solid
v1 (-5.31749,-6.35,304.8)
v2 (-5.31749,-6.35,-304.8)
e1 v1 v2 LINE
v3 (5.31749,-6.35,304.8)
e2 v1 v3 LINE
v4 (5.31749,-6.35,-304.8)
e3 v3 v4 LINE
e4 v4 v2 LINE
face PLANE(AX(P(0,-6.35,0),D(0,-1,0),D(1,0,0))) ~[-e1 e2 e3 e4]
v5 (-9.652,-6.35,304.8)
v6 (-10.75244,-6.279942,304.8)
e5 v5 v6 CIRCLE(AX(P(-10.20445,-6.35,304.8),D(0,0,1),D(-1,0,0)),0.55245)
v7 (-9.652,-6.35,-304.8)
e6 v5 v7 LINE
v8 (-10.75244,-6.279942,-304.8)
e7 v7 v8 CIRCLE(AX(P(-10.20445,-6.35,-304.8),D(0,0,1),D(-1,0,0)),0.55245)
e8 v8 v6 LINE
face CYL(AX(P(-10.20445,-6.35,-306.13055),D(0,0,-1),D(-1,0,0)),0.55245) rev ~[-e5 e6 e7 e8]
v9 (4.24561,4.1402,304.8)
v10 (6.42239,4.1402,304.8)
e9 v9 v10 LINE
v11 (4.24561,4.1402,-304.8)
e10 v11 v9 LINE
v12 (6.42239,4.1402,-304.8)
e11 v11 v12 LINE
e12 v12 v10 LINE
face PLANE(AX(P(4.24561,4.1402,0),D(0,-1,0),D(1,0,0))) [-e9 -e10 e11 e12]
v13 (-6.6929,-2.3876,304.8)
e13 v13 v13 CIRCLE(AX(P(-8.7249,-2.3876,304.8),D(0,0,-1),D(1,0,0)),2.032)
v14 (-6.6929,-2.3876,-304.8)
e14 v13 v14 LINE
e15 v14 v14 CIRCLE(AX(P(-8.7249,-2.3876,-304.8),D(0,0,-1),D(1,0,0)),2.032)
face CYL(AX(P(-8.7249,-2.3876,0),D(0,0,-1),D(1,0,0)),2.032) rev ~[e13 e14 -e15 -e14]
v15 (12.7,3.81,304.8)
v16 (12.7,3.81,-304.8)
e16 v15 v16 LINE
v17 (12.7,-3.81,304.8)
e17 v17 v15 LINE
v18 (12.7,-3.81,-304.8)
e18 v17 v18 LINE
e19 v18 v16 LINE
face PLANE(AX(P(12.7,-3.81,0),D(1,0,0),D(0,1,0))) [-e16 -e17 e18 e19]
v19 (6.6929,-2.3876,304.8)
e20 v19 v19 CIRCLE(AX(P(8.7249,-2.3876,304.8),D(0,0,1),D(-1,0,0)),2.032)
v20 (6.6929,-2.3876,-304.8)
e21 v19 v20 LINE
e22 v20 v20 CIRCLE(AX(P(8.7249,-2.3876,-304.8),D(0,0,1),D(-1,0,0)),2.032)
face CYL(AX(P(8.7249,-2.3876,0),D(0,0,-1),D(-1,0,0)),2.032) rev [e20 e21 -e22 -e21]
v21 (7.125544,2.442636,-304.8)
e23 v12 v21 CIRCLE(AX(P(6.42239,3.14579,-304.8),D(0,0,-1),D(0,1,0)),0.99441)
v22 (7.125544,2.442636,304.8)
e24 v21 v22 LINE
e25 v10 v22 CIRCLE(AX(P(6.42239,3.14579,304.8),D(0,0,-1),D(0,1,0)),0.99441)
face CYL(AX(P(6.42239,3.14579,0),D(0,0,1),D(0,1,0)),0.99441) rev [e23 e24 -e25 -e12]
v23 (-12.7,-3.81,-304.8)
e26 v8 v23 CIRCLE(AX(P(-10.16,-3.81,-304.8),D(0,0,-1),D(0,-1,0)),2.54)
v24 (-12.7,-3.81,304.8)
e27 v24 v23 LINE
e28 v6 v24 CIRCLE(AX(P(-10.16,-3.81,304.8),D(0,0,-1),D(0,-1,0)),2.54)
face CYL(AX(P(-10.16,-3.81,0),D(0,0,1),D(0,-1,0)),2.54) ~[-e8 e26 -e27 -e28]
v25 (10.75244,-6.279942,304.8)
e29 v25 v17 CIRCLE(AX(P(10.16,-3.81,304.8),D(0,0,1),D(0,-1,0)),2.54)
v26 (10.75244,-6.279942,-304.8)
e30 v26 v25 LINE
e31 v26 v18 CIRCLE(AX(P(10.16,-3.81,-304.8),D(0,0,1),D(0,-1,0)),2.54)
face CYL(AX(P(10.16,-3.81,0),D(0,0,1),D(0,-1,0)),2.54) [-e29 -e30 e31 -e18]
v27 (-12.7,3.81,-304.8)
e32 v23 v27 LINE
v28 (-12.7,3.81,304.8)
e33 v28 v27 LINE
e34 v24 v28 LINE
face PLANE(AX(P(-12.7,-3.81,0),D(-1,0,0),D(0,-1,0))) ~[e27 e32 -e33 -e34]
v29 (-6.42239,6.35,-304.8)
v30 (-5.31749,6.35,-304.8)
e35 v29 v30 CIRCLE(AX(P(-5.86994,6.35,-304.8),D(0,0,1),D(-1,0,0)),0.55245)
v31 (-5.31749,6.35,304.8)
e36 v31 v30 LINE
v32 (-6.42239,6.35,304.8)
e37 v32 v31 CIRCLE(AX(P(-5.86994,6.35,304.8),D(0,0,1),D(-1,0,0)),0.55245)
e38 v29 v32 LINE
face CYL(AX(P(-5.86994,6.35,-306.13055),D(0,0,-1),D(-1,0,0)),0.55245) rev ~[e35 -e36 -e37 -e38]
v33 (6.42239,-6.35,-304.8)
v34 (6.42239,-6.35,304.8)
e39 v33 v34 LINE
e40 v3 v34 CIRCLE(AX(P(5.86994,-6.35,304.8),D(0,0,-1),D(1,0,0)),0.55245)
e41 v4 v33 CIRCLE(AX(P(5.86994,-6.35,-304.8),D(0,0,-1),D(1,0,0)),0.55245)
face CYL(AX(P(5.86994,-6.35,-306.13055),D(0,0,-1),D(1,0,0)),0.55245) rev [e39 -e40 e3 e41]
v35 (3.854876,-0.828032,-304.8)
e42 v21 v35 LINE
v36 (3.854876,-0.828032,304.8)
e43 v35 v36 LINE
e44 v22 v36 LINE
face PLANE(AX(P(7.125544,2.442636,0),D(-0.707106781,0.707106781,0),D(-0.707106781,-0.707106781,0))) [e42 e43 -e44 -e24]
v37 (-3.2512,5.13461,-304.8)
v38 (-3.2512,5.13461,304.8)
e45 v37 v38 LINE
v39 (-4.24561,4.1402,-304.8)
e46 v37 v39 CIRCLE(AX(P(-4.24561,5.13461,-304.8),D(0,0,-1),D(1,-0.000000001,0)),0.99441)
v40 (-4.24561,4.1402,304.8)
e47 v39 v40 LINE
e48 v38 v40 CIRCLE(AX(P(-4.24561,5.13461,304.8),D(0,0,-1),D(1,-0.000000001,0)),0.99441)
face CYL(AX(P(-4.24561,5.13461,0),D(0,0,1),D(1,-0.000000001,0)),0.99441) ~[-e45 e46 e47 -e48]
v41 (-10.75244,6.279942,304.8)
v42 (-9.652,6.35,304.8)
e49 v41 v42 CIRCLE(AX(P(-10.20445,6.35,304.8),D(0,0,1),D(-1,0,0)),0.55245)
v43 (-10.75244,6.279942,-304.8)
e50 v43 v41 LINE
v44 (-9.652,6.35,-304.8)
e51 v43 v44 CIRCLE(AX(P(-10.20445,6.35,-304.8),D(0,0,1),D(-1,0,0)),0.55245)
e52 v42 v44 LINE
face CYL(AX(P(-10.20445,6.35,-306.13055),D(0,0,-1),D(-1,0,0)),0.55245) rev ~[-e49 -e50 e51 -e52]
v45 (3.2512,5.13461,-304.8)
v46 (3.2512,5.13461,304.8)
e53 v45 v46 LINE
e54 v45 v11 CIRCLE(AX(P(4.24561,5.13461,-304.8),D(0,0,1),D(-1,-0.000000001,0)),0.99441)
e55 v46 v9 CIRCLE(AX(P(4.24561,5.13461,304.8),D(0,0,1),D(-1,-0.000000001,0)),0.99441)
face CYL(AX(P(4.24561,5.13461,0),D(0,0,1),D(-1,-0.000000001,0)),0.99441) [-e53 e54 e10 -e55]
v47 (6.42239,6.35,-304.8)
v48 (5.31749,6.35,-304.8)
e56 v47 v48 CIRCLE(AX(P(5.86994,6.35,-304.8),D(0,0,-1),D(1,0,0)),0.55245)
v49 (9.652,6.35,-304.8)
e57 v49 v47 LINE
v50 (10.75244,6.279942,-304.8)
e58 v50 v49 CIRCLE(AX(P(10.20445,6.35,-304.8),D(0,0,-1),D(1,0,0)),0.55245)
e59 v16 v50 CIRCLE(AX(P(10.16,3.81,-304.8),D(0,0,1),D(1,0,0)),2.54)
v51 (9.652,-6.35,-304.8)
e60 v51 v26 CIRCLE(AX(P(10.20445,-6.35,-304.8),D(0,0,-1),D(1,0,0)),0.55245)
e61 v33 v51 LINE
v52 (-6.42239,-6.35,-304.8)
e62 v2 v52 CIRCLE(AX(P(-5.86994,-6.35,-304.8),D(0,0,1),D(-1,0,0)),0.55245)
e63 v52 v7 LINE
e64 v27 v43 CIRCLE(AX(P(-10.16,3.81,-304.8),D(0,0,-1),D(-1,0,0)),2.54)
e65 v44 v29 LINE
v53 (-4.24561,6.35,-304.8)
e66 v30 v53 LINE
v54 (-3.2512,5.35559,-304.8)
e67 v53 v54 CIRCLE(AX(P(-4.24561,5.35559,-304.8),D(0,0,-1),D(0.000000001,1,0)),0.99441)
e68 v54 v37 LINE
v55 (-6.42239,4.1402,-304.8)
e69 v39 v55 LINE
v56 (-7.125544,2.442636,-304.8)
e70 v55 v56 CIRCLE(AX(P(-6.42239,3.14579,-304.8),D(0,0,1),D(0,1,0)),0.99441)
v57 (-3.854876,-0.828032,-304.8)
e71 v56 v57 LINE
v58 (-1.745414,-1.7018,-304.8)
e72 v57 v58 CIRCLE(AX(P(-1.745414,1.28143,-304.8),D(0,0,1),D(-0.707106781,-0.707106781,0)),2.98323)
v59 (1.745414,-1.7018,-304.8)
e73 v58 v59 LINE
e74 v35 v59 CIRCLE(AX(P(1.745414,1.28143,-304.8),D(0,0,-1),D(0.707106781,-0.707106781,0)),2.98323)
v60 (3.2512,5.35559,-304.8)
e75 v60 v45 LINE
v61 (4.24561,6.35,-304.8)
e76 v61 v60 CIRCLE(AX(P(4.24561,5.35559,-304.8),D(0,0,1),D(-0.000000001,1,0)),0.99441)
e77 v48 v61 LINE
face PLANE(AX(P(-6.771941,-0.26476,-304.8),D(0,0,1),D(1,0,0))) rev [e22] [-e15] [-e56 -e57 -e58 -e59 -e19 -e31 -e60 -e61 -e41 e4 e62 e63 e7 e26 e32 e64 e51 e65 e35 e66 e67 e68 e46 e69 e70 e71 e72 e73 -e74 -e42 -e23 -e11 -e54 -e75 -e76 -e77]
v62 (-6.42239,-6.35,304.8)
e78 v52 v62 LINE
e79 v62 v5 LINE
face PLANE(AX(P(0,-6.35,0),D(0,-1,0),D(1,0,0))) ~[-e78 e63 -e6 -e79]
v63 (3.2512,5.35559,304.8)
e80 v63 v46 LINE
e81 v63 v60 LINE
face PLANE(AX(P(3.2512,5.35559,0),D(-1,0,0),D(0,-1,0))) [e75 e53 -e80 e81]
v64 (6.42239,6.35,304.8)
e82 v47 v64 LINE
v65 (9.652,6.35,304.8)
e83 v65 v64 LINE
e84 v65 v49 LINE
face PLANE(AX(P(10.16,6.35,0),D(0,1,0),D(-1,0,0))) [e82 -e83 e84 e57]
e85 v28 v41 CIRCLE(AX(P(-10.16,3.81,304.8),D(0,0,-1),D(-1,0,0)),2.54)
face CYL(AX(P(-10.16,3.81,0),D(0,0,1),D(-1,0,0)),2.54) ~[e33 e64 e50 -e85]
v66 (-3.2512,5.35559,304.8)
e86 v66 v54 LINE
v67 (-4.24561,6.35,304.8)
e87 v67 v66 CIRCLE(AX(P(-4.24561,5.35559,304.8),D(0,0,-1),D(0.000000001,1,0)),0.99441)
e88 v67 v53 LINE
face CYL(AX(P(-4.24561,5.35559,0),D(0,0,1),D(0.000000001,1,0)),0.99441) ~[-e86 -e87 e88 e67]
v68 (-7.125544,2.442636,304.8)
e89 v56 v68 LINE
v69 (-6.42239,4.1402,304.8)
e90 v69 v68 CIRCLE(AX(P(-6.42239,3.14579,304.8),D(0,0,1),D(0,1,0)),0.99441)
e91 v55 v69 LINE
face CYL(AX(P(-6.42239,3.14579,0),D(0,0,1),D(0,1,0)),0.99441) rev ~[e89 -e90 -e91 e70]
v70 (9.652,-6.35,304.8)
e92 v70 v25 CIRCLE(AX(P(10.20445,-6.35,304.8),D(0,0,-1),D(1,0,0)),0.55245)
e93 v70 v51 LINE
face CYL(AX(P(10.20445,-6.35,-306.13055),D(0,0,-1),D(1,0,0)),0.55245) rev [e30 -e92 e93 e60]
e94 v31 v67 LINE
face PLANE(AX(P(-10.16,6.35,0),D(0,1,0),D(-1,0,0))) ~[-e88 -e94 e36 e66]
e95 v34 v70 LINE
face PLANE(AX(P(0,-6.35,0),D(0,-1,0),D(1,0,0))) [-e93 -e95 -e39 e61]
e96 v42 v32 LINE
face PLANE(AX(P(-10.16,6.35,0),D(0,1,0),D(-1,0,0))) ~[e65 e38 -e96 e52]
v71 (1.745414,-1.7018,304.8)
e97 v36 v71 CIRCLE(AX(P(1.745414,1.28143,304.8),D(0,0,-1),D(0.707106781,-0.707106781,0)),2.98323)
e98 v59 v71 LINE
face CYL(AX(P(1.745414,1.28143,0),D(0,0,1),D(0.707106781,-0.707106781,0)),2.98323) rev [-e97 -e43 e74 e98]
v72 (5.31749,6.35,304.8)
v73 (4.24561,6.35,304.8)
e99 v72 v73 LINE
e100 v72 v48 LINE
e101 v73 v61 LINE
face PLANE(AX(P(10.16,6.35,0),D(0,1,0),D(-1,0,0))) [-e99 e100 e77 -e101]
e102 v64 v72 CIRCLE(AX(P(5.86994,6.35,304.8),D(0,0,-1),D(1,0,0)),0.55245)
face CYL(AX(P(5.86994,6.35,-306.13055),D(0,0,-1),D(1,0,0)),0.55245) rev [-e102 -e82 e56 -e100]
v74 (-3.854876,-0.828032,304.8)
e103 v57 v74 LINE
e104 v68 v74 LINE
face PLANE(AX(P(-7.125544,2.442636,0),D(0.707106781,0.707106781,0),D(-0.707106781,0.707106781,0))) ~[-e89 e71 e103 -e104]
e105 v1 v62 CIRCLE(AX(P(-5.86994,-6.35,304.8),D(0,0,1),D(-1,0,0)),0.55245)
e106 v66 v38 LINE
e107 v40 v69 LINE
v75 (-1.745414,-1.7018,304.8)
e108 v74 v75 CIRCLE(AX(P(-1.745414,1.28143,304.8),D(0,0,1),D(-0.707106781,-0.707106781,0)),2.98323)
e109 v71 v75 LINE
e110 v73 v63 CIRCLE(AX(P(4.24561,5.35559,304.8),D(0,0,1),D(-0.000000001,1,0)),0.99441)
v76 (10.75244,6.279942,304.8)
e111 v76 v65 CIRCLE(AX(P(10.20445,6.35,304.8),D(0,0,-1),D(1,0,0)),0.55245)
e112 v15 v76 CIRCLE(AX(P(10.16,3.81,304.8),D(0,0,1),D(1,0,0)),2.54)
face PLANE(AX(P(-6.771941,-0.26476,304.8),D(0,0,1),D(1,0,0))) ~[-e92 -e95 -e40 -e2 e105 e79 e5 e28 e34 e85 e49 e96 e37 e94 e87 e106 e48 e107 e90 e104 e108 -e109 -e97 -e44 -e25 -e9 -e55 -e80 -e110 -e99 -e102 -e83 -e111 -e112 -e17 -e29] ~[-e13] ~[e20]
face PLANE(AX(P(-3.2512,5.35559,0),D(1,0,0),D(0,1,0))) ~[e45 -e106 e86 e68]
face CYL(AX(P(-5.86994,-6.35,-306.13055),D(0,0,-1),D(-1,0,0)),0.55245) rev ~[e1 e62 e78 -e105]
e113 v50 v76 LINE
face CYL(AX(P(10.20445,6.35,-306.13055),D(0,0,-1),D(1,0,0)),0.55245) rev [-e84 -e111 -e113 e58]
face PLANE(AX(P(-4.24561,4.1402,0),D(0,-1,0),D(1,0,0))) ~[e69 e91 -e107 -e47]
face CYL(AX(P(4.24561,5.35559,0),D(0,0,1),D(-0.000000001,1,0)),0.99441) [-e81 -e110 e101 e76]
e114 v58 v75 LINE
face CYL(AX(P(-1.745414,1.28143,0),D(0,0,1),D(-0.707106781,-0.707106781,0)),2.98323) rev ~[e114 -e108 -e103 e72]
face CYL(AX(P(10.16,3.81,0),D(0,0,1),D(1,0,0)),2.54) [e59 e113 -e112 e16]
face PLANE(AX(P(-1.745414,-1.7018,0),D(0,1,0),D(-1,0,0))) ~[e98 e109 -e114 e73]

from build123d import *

# Parameters (mm, degrees)
SKETCH3_R               = 2.032
BOSS_EXTRUDE1_DEPTH     = 304.8
CUT_EXTRUDE1_DEPTH      = 306.130549929
CUT_EXTRUDE1_DEPTH_BACK = 306.130549929
SKETCH4_R               = 0.55245


with BuildPart() as part:
    # Sketch3 → Boss-Extrude1 (new, symmetric)
    with BuildSketch(Plane.XY):
        with BuildLine():
            Line((3.2512, 5.35559), (3.2512, 5.13461))
            ThreePointArc((3.2512, 5.13461), (3.542455946, 4.431455946), (4.24561, 4.1402))
            Line((4.24561, 4.1402), (6.42239, 4.1402))
            ThreePointArc((6.42239, 4.1402), (7.341105046, 3.526334232), (7.125544054, 2.442635946))
            Line((7.125544054, 2.442635946), (3.854875946, -0.828032163))
            ThreePointArc((3.854875946, -0.828032163), (2.887046479, -1.474715138), (1.745413783, -1.7018))
            Line((1.745413783, -1.7018), (0, -1.7018))
            Line((0, -1.7018), (0, -6.35))
            Line((0, -6.35), (10.16, -6.35))
            ThreePointArc((10.16, -6.35), (11.956051224, -5.606051224), (12.7, -3.81))
            Line((12.7, -3.81), (12.7, 3.81))
            ThreePointArc((12.7, 3.81), (11.956051224, 5.606051224), (10.16, 6.35))
            Line((10.16, 6.35), (4.24561, 6.35))
            ThreePointArc((4.24561, 6.35), (3.542455946, 6.058744054), (3.2512, 5.35559))
        make_face()
        with Locations(Location((8.7249, -2.3876, 0), (0, 0, 180))):
            Circle(SKETCH3_R, mode=Mode.SUBTRACT)
    extrude(amount=BOSS_EXTRUDE1_DEPTH, both=True)

    # Sketch4 → Cut-Extrude1 (cut, two sides: drawn at the far end of the back side and taken through both)
    with BuildSketch(Plane.XY.offset(-CUT_EXTRUDE1_DEPTH_BACK)):
        with Locations((5.86994, 6.35)):
            Circle(SKETCH4_R)
        with Locations((10.20445, 6.35)):
            Circle(SKETCH4_R)
        with Locations((5.86994, -6.35)):
            Circle(SKETCH4_R)
        with Locations((10.20445, -6.35)):
            Circle(SKETCH4_R)
    extrude(amount=CUT_EXTRUDE1_DEPTH + CUT_EXTRUDE1_DEPTH_BACK, mode=Mode.SUBTRACT)

    # Mirror1: part across plane


with BuildPart() as part_1:
    add(part.part)
    add(part.part.mirror(Plane(origin=(0, 0, 0), x_dir=(0, 0, 1), z_dir=(1, 0, 0))))


solid = part_1.part
